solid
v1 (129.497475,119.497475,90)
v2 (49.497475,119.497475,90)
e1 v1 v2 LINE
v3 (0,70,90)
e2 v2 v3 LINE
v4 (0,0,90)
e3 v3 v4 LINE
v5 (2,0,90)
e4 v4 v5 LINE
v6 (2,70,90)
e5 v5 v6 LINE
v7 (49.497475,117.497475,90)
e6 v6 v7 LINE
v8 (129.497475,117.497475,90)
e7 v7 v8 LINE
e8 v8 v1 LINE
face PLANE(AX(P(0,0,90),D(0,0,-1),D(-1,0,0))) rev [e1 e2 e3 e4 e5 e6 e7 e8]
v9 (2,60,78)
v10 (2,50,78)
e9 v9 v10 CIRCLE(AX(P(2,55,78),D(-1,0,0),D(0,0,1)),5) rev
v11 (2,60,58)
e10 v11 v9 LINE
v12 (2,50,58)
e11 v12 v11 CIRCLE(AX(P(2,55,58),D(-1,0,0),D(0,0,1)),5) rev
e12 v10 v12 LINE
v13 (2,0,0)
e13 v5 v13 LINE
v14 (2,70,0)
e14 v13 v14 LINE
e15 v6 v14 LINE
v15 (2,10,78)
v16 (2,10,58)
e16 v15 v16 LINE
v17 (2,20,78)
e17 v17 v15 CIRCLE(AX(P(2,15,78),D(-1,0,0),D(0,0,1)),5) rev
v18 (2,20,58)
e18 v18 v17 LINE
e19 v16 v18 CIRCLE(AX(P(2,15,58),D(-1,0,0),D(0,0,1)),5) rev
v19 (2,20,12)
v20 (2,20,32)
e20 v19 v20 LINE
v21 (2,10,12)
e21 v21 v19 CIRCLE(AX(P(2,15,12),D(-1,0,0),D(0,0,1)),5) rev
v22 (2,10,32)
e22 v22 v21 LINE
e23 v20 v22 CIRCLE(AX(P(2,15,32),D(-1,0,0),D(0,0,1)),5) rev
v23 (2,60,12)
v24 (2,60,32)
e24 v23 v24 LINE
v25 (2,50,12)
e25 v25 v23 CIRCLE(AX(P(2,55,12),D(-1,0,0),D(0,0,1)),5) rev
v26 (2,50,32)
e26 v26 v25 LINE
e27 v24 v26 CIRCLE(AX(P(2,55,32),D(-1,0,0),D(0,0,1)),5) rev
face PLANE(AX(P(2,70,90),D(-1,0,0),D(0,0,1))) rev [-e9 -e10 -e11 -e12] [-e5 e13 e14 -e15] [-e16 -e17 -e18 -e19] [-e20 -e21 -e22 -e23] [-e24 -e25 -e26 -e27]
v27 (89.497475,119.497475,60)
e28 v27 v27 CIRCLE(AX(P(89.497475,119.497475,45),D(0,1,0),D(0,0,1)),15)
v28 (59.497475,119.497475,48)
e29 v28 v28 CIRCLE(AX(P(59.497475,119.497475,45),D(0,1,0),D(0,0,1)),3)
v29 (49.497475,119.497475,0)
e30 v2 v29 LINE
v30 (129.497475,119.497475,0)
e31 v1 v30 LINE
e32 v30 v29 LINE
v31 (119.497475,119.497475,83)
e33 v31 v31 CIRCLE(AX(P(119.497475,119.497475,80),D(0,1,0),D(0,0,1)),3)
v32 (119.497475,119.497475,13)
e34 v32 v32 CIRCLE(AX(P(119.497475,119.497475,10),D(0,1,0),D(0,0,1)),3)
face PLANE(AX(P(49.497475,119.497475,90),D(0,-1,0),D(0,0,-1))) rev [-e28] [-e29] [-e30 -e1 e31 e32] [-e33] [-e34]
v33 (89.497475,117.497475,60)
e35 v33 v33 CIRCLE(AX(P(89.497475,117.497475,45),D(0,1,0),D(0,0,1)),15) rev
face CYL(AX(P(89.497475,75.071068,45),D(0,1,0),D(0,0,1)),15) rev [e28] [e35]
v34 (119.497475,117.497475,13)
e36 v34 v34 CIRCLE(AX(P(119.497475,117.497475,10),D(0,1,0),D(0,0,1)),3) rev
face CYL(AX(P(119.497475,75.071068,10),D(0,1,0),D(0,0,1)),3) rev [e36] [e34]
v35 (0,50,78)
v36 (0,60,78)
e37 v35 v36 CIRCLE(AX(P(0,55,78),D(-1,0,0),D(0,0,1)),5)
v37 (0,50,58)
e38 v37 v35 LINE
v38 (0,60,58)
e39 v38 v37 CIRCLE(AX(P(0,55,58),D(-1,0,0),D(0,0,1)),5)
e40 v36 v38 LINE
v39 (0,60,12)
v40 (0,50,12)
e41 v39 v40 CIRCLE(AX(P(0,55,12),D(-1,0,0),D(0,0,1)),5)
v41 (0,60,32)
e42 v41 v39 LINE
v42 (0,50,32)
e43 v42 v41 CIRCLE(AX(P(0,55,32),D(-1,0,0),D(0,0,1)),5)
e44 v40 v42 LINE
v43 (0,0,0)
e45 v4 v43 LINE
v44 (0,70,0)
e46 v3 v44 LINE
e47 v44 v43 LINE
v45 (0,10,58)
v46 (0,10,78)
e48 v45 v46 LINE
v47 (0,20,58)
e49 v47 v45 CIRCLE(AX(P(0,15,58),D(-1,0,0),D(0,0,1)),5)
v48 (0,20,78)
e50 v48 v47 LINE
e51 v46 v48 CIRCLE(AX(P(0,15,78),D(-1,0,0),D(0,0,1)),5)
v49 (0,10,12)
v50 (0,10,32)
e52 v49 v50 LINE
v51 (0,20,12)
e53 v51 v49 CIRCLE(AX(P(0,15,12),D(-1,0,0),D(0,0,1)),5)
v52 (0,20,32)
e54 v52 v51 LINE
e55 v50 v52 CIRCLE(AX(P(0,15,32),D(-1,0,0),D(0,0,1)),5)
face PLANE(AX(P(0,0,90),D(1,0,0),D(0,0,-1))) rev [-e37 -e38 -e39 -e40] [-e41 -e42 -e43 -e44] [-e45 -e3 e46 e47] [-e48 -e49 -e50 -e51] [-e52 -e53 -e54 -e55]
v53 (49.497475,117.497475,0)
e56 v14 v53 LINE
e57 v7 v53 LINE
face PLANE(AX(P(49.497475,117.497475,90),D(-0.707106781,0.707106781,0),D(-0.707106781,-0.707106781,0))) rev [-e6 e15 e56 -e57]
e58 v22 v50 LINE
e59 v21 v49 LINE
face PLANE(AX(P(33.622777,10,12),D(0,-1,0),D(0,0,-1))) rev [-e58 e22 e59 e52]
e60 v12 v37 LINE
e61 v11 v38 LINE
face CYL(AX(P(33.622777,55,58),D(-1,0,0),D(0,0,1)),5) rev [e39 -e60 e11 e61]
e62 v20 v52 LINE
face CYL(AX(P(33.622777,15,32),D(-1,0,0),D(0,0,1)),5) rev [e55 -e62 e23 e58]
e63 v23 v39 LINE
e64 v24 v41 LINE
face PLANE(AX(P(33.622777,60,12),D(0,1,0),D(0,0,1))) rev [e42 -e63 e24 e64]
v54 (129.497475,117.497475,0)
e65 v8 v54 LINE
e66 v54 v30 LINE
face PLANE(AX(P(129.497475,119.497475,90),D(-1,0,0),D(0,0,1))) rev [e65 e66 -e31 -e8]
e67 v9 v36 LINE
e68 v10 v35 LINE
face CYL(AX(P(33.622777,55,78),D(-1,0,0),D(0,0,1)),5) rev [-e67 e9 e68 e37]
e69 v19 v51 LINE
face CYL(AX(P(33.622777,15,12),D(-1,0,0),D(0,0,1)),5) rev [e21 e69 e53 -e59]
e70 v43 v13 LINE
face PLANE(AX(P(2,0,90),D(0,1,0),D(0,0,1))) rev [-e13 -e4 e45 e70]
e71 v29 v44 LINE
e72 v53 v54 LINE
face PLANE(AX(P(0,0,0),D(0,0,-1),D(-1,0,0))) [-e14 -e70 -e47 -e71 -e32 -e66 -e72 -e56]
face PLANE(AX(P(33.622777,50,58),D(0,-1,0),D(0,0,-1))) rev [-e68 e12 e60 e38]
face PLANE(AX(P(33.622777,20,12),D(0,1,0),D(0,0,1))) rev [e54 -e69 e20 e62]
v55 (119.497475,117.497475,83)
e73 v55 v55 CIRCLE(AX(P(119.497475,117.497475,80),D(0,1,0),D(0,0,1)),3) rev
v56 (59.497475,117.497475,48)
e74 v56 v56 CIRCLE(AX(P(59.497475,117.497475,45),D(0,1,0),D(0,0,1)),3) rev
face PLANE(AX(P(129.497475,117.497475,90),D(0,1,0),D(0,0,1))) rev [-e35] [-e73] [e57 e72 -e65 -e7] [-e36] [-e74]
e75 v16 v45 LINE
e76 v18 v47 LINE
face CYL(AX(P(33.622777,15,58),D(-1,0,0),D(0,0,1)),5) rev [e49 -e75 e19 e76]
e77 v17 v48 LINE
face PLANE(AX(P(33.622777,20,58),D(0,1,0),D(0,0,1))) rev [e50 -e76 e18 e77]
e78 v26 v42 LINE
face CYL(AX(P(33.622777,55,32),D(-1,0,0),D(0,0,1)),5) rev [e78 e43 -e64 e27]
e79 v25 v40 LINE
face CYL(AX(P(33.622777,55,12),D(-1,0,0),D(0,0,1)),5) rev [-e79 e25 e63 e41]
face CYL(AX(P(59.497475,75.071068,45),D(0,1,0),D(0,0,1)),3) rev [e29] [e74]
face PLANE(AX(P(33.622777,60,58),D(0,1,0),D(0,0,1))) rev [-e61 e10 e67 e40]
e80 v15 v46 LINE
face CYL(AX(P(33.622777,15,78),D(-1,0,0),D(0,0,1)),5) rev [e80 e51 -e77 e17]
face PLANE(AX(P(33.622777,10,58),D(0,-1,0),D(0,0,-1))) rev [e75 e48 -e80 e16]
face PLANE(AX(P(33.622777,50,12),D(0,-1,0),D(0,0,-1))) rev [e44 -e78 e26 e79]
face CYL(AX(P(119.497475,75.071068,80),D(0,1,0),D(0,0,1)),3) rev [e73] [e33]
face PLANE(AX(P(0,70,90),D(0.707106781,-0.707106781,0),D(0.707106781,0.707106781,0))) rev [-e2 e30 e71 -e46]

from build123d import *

# Parameters (mm, degrees)
BOSS_EXTRUDE1_DEPTH = 90
SKETCH2_R           = 15
SKETCH2_R_2         = 3
CUT_EXTRUDE1_DEPTH  = 2
CUT_EXTRUDE2_DEPTH  = 2


with BuildPart() as part:
    # Sketch1 → Boss-Extrude1 (new body)
    with BuildSketch(Plane.XY):
        Polygon((0, 0), (0, 70), (49.497474683, 119.497474683), (129.497474683, 119.497474683), (129.497474683, 117.497474683), (49.497474683, 117.497474683), (2, 70), (2, 0), align=None)
    extrude(amount=BOSS_EXTRUDE1_DEPTH)

    # Sketch2 → Cut-Extrude1 (cut)
    with BuildSketch(Plane(origin=(0, 119.497474683, 0), x_dir=(1, 0, 0), z_dir=(0, 1, 0))):
        with Locations(Location((89.497474683, -45, 0), (0, 0, 270))):
            Circle(SKETCH2_R)
        with Locations(Location((59.497474683, -45, 0), (0, 0, 270))):
            Circle(SKETCH2_R_2)
        with Locations(Location((119.497474683, -10, 0), (0, 0, 270))):
            Circle(SKETCH2_R_2)
        with Locations(Location((119.497474683, -80, 0), (0, 0, 270))):
            Circle(SKETCH2_R_2)
    extrude(amount=-CUT_EXTRUDE1_DEPTH, mode=Mode.SUBTRACT)

    # Sketch3 → Cut-Extrude2 (cut)
    with BuildSketch(Plane.ZY):
        with BuildLine():
            Line((12, 60), (32, 60))
            ThreePointArc((32, 60), (37, 55), (32, 50))
            Line((32, 50), (12, 50))
            ThreePointArc((12, 50), (7, 55), (12, 60))
        make_face()
        with BuildLine():
            Line((58, 20), (78, 20))
            ThreePointArc((78, 20), (83, 15), (78, 10))
            Line((78, 10), (58, 10))
            ThreePointArc((58, 10), (53, 15), (58, 20))
        make_face()
        with BuildLine():
            Line((58, 60), (78, 60))
            ThreePointArc((78, 60), (83, 55), (78, 50))
            Line((78, 50), (58, 50))
            ThreePointArc((58, 50), (53, 55), (58, 60))
        make_face()
        with BuildLine():
            Line((12, 20), (32, 20))
            ThreePointArc((32, 20), (37, 15), (32, 10))
            Line((32, 10), (12, 10))
            ThreePointArc((12, 10), (7, 15), (12, 20))
        make_face()
    extrude(amount=-CUT_EXTRUDE2_DEPTH, mode=Mode.SUBTRACT)


solid = part.part
